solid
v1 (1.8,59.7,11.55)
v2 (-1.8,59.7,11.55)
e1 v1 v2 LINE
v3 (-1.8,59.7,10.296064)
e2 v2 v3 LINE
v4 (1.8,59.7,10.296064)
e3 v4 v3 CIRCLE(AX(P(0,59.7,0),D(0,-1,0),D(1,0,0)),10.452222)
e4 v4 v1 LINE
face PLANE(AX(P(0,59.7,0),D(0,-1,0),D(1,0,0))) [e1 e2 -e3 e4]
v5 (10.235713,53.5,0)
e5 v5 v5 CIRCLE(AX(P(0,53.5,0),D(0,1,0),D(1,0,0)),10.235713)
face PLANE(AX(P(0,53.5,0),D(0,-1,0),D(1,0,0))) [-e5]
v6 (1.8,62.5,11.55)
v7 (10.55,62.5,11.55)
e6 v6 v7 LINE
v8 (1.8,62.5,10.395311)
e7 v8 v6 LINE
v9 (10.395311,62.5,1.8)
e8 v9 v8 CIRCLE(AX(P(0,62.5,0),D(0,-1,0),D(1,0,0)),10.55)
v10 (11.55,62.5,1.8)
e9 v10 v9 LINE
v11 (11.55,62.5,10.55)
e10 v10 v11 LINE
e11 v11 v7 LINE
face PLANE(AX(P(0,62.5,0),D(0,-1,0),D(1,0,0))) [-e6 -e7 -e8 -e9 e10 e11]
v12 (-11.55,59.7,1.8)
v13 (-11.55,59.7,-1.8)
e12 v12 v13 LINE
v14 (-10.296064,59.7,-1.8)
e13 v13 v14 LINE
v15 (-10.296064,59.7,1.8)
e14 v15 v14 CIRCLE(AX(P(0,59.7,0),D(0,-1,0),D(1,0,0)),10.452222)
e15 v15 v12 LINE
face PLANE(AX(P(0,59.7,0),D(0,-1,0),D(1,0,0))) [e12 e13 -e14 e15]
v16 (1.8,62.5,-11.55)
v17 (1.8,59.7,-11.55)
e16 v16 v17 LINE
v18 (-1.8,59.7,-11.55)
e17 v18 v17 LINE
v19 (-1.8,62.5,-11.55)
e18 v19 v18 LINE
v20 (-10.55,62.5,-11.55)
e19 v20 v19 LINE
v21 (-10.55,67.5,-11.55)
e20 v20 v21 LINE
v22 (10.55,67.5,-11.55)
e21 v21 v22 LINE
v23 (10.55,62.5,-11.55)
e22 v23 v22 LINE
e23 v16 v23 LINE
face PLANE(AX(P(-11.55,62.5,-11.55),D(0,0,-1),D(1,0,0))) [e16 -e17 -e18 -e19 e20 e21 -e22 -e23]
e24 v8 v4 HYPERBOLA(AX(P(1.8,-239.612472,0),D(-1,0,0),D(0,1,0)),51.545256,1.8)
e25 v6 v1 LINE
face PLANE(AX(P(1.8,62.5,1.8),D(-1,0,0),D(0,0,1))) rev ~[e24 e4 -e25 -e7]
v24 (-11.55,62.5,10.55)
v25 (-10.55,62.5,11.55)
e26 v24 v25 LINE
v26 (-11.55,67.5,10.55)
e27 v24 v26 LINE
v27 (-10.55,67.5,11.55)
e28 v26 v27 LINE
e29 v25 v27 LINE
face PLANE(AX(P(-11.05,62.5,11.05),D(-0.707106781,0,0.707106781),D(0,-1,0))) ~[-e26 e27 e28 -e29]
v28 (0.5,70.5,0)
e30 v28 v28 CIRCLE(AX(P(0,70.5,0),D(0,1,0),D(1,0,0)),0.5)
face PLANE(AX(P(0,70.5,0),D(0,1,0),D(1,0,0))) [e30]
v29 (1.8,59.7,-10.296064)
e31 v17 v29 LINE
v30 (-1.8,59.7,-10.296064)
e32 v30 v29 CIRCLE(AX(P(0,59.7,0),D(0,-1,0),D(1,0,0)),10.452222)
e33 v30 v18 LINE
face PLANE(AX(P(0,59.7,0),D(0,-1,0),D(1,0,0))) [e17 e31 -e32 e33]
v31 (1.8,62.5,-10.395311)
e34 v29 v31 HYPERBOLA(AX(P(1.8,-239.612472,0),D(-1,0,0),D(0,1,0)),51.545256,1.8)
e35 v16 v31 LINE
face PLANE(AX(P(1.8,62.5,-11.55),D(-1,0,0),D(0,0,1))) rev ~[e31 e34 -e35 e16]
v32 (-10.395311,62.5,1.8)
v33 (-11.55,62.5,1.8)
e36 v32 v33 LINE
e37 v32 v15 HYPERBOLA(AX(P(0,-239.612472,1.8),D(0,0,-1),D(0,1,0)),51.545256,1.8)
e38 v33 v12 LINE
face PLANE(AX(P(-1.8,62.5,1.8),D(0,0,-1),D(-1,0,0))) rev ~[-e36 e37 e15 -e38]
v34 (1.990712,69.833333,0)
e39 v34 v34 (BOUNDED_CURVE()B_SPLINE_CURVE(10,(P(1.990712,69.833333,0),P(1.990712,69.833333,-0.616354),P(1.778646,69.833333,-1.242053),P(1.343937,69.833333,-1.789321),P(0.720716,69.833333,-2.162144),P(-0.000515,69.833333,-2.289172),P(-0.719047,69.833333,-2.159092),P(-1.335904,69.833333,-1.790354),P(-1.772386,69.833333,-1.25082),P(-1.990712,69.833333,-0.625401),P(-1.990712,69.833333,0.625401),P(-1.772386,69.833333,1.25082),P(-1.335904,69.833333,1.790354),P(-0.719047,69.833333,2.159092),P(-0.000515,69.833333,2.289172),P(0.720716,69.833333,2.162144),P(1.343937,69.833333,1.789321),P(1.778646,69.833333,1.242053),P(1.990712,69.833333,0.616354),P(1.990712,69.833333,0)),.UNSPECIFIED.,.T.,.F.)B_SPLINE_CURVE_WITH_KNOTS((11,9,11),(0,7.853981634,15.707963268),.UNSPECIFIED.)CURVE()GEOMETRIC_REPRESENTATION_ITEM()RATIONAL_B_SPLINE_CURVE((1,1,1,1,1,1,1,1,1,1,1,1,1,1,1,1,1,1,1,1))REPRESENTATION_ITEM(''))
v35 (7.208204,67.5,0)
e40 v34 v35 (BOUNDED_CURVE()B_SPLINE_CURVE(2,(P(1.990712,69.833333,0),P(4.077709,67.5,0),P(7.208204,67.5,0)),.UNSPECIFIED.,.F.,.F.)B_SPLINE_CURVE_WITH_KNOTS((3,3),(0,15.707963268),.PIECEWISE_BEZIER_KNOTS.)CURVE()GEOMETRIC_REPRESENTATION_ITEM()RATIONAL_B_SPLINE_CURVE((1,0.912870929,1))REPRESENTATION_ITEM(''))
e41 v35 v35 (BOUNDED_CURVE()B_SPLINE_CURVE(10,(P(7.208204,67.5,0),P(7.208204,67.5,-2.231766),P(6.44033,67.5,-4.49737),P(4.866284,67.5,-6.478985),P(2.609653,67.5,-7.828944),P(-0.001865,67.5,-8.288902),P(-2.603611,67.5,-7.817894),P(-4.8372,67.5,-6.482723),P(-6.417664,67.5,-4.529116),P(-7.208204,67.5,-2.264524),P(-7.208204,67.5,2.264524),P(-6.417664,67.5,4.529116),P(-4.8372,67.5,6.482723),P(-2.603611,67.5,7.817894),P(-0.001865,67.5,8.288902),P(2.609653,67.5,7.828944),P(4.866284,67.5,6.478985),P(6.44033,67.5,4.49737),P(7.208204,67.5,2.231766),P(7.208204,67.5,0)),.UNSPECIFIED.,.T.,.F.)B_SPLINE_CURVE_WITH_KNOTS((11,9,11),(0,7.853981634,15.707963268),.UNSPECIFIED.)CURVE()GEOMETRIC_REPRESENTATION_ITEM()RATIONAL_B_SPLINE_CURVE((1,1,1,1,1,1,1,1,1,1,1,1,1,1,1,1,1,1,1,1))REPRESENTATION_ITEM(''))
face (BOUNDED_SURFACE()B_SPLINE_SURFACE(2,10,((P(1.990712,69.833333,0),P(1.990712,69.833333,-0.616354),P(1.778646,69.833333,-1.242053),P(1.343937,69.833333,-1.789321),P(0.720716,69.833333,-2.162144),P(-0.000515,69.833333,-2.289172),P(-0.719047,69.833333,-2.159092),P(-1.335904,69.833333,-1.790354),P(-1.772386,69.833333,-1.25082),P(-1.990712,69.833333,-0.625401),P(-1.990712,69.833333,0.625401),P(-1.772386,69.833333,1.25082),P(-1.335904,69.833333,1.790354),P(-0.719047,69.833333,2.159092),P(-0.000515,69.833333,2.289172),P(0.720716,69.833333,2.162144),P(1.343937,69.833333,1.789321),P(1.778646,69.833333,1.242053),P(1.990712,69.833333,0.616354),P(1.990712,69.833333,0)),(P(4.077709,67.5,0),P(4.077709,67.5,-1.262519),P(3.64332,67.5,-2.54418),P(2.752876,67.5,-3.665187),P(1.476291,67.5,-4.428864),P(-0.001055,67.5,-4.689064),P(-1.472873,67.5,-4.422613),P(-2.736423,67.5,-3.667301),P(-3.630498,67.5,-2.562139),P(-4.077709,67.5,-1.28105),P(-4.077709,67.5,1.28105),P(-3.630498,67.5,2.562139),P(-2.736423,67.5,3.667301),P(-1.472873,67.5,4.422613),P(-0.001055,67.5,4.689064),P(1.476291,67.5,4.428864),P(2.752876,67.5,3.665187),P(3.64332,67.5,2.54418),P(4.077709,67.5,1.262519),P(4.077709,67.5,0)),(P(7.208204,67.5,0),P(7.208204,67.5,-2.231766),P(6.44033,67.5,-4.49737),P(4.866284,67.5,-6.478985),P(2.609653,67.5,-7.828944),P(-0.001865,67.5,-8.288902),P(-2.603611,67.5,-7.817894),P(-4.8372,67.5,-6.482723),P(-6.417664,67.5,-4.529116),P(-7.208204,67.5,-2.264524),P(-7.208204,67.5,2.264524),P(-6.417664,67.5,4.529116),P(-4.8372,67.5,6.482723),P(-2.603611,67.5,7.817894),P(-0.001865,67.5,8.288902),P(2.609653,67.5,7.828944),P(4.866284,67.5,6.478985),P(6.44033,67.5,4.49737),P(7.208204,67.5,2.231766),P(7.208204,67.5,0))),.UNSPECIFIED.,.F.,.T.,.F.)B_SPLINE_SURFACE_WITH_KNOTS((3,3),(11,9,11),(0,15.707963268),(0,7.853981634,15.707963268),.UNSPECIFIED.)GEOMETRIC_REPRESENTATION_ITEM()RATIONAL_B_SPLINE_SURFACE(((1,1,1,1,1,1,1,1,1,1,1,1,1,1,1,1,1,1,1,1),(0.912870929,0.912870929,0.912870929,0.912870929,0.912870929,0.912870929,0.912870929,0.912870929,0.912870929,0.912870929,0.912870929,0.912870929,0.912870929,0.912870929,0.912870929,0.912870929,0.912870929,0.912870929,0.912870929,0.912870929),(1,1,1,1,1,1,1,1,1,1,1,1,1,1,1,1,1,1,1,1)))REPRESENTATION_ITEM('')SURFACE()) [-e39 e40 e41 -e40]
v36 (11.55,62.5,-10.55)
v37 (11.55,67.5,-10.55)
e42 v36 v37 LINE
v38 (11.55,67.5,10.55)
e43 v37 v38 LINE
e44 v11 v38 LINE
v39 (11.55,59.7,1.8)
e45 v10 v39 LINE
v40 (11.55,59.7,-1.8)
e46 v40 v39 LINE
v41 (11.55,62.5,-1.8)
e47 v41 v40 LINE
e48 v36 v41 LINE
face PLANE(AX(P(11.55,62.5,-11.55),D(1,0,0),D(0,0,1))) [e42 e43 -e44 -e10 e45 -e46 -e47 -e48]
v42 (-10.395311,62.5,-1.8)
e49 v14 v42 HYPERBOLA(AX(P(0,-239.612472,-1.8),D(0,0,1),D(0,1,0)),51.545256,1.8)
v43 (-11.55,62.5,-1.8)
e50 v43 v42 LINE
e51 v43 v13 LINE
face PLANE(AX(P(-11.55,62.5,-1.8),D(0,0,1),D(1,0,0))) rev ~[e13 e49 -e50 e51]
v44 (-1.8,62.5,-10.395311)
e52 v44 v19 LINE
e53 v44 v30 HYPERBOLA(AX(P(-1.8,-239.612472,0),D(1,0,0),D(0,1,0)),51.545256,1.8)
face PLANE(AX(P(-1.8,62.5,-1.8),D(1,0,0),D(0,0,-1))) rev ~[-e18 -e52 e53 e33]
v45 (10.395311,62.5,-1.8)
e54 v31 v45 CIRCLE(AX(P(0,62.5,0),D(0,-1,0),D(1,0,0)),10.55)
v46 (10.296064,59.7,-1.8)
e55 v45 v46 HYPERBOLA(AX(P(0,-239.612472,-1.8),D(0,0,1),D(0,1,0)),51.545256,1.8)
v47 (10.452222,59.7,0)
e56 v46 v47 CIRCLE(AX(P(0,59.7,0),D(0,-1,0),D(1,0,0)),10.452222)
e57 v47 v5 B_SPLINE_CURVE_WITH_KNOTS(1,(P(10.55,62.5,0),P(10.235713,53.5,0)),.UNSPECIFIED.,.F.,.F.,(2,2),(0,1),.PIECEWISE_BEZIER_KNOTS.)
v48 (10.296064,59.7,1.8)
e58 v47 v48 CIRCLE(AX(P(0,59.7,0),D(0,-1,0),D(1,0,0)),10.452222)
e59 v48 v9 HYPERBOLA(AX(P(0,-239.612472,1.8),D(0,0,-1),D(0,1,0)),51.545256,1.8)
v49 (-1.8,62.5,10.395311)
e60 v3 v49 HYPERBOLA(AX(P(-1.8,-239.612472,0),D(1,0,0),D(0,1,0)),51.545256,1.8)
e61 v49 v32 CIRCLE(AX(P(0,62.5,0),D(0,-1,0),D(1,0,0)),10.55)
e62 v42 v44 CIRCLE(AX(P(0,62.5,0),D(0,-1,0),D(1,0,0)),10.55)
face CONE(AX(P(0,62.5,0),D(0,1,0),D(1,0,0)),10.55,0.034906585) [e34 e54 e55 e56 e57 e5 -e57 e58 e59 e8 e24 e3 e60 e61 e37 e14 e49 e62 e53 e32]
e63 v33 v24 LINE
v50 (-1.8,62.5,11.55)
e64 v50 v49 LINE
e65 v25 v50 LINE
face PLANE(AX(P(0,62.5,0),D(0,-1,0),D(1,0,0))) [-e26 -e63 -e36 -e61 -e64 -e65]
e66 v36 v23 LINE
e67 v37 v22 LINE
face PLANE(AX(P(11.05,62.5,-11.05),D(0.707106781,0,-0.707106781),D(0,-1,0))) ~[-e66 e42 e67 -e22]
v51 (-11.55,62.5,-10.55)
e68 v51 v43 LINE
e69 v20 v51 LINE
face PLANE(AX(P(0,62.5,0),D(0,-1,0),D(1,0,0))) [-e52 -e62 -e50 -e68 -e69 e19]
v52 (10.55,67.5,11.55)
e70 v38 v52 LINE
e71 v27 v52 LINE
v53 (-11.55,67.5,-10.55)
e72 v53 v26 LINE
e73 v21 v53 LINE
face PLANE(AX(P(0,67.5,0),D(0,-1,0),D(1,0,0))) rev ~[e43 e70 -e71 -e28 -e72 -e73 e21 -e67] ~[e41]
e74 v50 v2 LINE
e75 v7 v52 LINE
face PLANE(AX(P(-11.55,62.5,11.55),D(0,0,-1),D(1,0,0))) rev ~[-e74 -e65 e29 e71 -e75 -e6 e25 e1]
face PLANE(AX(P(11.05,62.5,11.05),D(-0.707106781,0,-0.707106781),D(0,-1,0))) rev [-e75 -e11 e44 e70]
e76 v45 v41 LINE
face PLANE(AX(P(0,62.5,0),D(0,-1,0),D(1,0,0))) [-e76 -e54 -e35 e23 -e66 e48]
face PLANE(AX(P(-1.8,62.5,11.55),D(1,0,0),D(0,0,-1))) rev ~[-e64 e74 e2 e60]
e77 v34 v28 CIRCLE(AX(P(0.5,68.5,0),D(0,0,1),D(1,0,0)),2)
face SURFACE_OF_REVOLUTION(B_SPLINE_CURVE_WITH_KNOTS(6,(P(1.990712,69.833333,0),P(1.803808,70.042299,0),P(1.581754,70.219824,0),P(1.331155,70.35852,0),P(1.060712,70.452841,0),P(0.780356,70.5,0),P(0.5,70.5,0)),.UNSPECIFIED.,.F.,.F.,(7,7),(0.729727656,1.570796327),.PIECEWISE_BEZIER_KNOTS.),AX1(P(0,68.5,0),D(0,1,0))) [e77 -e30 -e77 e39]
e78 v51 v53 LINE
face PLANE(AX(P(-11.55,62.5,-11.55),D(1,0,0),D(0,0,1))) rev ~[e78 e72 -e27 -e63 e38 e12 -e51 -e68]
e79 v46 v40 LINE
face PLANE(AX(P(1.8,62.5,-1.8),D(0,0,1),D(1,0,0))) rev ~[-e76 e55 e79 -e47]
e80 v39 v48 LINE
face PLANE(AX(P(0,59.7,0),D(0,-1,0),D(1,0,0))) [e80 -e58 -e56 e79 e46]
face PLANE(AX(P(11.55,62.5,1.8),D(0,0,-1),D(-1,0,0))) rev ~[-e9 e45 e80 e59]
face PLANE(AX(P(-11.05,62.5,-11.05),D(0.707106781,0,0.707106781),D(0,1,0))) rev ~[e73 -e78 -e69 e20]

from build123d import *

# Parameters (mm, degrees)
PAD024_DEPTH    = 2.8
SKETCH047_W     = 23.1
SKETCH047_H     = 23.1
PAD025_DEPTH    = 5
SKETCH049_R     = 2.5
PAD026_DEPTH    = 3
FILLET002_R     = 2
FILLET003_R     = 7
SKETCH051_R     = 10.55
PAD027_DEPTH    = 9
PAD027_TAPER    = 2
CHAMFER013_SIZE = 1


with BuildPart() as part:
    # Sketch046 → Pad024 (new body)
    with BuildSketch(Plane.XZ):
        Polygon((-1.8, 11.55), (-1.8, 1.8), (-11.55, 1.8), (-11.55, -1.8), (-1.8, -1.8), (-1.8, -11.55), (1.8, -11.55), (1.8, -1.8), (11.55, -1.8), (11.55, 1.8), (1.8, 1.8), (1.8, 11.55), align=None)
    extrude(amount=PAD024_DEPTH)

    # Sketch047 → Pad025 (join)
    with BuildSketch(Plane.XZ):
        Rectangle(SKETCH047_W, SKETCH047_H)
    extrude(amount=-PAD025_DEPTH)

    # Sketch049 (on Face7 of Pad025) → Pad026 (join)
    with BuildSketch(Plane(origin=(0, 5, 0), x_dir=(1, 0, 0), z_dir=(0, 1, 0))):
        Circle(SKETCH049_R)
    extrude(amount=PAD026_DEPTH)

    # Fillet002
    fillet002_edges = [part.edges().sort_by_distance(p)[0] for p in [
        (-2.5, 8, 0),
    ]]
    fillet(fillet002_edges, radius=FILLET002_R)

    # Fillet003
    fillet003_edges = [part.edges().sort_by_distance(p)[0] for p in [
        (-2.5, 5, 0),
    ]]
    fillet(fillet003_edges, radius=FILLET003_R)

    # Sketch051 → Pad027 (join)
    with BuildSketch(Plane.XZ):
        Circle(SKETCH051_R)
    extrude(amount=PAD027_DEPTH, taper=PAD027_TAPER)

    # Chamfer013
    chamfer013_edges = [part.edges().sort_by_distance(p)[0] for p in [
        (-11.55, 2.5, 11.55),
        (-11.55, 2.5, -11.55),
        (11.55, 2.5, 11.55),
        (11.55, 2.5, -11.55),
    ]]
    chamfer(chamfer013_edges, length=CHAMFER013_SIZE)


with BuildPart() as part_1:
    # Body025 placement: moved
    add(part.part.moved(Location((0, 62.5, 0))))


solid = part_1.part
